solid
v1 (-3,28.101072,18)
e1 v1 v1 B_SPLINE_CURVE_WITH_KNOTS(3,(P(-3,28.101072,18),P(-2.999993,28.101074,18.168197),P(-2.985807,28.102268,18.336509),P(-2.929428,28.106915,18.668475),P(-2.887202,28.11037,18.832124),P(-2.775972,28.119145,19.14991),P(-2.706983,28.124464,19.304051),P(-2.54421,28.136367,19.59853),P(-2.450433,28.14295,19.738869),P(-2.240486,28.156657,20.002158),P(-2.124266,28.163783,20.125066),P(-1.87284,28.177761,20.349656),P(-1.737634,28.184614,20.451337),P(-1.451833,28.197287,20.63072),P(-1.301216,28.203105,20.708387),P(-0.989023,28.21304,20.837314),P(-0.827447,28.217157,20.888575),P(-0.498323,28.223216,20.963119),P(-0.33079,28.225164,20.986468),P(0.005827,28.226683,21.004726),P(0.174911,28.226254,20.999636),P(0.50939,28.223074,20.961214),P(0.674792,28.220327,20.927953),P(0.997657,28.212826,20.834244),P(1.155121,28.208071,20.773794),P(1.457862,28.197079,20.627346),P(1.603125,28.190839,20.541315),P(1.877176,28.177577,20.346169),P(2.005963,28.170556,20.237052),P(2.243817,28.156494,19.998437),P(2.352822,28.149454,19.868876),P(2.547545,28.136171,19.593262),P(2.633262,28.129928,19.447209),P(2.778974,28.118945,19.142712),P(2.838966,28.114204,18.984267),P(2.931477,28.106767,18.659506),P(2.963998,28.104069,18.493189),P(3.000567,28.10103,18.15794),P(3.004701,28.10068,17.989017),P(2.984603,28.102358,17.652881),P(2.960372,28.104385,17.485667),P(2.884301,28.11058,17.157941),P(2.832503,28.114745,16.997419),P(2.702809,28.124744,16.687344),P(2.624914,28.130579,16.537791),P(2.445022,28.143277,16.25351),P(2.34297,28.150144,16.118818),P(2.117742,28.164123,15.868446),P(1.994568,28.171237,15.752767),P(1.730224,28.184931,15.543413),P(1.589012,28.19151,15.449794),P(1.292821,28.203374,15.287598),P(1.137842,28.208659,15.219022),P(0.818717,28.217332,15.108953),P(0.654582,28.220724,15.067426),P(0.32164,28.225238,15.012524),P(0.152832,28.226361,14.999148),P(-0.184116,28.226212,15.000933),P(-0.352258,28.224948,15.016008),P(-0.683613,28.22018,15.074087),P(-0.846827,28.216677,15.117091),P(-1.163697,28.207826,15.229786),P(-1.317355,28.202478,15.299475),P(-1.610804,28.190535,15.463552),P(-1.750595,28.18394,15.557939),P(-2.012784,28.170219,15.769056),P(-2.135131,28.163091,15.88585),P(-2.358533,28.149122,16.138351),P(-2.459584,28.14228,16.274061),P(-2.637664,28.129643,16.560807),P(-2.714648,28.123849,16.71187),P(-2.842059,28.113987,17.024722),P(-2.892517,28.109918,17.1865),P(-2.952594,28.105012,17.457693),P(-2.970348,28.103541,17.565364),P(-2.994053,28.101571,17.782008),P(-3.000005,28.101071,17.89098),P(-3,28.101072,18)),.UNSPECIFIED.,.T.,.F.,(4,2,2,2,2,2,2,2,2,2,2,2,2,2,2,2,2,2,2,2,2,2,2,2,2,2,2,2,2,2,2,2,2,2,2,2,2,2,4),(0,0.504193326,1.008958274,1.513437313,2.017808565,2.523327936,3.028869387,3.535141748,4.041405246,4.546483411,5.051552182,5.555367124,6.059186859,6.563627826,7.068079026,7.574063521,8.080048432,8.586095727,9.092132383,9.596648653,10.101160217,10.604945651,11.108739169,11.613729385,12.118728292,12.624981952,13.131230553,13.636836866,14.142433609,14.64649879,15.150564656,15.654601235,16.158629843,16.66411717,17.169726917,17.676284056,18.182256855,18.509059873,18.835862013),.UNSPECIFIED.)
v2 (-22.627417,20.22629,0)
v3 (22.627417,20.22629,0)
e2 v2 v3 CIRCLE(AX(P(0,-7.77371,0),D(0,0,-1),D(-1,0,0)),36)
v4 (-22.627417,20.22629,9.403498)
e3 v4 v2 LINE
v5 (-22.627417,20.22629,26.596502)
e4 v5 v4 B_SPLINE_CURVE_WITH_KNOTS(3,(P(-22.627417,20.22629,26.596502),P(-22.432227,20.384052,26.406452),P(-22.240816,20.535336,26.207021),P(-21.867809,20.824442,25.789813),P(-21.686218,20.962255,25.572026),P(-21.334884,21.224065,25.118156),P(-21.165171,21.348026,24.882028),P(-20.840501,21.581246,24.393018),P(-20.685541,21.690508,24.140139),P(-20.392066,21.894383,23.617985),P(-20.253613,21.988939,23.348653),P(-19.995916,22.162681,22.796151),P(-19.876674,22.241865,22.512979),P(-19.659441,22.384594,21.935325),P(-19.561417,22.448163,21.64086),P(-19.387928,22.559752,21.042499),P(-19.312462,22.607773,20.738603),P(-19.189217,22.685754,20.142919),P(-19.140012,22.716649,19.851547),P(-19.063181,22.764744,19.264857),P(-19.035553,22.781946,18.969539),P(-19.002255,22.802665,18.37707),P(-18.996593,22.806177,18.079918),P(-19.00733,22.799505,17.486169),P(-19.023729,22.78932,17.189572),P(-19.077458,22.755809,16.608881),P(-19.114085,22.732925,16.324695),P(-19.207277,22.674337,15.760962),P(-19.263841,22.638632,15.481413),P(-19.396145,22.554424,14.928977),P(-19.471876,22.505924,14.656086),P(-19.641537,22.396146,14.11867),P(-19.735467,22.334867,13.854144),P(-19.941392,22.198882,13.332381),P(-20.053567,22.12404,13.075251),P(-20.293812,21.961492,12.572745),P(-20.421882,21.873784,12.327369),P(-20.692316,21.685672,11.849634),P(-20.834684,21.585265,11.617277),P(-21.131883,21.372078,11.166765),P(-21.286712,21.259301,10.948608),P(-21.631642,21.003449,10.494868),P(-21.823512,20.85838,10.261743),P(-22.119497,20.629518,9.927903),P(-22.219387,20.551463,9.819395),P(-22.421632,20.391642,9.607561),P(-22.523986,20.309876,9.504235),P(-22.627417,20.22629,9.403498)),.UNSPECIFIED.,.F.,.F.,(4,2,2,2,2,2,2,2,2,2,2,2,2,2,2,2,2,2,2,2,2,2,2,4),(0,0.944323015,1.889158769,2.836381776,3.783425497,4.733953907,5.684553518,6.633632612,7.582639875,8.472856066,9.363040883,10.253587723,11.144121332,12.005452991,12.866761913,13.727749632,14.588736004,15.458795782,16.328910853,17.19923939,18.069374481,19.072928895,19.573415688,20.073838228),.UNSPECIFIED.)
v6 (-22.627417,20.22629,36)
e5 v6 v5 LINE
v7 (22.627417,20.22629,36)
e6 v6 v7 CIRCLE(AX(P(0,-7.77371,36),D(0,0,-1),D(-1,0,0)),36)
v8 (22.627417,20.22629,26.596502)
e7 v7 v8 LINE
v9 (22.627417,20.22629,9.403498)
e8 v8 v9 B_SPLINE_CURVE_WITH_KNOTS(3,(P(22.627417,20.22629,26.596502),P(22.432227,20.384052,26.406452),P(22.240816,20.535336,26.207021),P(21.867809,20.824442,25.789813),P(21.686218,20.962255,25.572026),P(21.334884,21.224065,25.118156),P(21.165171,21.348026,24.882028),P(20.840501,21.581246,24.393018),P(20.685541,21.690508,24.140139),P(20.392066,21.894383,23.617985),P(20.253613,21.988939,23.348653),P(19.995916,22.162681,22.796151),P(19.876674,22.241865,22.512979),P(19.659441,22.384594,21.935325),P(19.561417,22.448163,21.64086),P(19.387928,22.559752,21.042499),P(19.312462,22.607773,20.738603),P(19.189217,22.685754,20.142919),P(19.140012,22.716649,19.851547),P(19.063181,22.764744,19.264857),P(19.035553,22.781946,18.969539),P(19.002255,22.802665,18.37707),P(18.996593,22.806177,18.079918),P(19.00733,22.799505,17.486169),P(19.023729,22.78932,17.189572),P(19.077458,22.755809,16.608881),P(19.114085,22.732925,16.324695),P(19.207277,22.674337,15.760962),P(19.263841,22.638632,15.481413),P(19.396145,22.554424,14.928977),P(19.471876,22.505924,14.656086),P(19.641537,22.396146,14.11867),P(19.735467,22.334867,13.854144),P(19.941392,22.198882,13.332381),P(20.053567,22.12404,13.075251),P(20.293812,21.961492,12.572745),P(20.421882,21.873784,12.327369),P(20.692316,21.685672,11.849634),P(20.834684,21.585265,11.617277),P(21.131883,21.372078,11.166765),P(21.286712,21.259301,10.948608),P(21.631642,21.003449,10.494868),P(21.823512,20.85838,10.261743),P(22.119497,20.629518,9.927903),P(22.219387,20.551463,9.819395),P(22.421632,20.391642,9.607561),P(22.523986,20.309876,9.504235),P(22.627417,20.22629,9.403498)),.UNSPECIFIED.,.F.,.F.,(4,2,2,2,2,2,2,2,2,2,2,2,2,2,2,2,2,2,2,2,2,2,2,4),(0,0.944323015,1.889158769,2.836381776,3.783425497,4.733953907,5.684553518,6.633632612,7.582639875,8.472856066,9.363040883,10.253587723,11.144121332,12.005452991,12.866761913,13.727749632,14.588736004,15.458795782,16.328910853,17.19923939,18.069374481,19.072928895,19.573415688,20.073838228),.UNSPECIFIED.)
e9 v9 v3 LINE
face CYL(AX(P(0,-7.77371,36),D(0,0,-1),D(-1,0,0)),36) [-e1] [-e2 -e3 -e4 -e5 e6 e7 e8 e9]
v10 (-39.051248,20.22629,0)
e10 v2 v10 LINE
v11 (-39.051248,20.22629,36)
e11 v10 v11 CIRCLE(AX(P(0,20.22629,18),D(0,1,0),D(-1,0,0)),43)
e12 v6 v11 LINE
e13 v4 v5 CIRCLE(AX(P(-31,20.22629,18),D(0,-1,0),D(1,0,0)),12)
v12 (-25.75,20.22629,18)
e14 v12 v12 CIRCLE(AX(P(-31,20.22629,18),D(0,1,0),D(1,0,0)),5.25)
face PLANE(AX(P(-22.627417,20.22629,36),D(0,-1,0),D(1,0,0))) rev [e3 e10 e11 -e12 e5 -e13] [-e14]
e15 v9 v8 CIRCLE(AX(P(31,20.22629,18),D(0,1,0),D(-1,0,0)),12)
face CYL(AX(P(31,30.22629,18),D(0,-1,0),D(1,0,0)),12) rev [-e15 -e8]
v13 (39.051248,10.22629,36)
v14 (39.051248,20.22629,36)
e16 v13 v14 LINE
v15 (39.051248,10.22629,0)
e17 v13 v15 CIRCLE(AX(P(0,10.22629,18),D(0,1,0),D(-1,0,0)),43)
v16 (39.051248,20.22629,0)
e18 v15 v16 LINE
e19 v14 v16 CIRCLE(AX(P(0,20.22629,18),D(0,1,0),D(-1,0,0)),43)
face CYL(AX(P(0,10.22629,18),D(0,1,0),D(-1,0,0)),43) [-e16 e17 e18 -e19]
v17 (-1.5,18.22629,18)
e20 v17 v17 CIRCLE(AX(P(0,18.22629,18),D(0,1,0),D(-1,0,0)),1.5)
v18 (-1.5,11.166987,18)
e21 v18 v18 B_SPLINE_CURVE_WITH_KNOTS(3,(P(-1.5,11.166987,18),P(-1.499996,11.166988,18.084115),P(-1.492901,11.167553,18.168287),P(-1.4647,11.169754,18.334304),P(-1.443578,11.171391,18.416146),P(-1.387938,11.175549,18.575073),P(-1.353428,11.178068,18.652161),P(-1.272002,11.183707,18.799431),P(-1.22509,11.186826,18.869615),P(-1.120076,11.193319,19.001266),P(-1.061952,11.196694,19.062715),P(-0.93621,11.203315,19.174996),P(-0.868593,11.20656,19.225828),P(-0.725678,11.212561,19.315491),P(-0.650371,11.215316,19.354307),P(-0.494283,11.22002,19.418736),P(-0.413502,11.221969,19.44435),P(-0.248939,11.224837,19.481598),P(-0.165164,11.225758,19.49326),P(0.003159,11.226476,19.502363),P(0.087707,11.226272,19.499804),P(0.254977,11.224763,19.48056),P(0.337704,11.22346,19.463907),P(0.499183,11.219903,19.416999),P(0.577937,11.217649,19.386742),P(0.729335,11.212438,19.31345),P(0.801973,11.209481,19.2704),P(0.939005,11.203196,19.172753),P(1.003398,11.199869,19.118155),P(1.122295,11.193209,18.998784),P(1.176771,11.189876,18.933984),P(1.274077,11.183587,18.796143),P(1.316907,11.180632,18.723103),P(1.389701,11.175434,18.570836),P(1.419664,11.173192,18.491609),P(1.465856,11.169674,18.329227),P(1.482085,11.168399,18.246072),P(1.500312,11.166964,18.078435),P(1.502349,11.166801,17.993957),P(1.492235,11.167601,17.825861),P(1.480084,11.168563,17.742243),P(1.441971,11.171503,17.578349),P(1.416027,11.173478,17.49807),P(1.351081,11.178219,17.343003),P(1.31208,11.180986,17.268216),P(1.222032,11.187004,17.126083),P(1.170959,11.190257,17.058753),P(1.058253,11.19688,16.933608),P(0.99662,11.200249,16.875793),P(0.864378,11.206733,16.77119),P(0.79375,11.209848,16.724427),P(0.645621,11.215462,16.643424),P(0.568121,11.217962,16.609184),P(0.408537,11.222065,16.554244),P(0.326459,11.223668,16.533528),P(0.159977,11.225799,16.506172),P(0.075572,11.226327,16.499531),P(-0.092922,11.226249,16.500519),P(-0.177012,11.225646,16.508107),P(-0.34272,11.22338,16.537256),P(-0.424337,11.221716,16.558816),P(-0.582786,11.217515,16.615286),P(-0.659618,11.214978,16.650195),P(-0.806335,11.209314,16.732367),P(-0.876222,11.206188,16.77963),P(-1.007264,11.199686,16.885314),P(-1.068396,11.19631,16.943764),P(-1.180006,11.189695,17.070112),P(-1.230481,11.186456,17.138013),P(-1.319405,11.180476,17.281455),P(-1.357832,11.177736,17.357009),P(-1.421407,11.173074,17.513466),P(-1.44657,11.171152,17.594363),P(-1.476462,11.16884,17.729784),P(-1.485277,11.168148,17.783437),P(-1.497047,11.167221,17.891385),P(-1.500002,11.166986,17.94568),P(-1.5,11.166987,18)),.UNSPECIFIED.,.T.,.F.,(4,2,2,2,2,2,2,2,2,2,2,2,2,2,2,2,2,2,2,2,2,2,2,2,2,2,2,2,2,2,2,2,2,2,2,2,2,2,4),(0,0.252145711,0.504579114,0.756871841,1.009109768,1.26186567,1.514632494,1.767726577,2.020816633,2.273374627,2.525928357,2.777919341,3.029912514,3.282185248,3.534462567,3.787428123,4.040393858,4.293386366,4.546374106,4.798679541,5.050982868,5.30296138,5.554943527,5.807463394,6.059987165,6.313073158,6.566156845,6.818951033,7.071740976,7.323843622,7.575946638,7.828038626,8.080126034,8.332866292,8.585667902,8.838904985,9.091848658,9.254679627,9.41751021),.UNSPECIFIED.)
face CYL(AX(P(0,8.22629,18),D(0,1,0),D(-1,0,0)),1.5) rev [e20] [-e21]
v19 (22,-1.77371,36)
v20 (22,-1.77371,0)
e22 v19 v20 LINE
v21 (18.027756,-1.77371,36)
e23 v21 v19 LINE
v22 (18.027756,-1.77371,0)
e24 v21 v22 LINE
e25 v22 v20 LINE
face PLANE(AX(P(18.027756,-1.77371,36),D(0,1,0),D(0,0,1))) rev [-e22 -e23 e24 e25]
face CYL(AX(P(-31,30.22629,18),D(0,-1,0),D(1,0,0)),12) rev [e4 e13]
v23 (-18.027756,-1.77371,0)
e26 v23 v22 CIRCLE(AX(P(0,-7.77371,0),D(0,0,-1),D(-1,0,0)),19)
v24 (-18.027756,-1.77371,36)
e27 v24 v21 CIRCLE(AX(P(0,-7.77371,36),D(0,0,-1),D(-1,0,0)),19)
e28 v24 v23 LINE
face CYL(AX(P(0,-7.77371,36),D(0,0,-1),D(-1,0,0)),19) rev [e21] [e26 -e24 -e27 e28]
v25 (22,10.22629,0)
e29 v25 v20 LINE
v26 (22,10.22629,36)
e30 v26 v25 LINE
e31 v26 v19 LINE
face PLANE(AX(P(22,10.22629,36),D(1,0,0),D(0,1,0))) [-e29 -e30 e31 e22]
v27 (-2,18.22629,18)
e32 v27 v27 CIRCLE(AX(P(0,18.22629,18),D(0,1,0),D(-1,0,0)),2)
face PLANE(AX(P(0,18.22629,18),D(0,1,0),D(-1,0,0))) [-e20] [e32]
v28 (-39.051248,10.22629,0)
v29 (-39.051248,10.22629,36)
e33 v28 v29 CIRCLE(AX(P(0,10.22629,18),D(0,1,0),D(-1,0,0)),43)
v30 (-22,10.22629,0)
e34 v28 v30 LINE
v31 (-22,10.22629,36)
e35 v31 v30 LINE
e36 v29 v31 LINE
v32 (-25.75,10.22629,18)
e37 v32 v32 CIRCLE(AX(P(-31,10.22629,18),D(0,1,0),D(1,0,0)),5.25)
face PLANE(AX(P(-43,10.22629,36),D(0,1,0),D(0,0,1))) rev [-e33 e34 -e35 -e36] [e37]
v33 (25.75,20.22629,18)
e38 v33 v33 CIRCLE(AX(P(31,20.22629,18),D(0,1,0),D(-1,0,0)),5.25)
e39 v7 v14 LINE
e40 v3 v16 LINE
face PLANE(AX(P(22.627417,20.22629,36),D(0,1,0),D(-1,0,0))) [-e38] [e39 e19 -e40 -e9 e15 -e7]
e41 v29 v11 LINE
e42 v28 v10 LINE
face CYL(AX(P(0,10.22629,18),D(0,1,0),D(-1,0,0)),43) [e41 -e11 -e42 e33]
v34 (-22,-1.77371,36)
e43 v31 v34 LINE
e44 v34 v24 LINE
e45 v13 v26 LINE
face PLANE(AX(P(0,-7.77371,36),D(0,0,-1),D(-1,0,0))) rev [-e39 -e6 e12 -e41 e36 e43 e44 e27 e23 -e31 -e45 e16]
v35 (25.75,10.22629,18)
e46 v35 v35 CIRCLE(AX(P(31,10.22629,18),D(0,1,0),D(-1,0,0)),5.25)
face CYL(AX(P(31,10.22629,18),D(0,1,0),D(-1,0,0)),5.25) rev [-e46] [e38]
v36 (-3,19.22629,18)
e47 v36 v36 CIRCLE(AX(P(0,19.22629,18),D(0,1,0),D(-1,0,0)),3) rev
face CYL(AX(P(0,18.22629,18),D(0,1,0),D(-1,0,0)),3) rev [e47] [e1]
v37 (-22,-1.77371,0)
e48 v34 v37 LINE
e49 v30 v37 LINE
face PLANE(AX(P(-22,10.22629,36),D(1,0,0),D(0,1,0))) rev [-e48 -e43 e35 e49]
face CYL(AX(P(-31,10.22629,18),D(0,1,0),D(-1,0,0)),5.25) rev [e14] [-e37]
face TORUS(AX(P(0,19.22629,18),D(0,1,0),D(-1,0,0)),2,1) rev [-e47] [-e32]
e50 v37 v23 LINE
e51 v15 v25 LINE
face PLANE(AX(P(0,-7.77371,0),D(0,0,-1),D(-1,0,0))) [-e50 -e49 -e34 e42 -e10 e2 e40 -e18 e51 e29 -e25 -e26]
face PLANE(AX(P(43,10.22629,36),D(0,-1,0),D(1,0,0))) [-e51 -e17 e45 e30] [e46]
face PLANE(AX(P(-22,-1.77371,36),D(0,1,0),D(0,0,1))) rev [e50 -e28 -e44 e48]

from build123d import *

# Parameters (mm, degrees)
BOSS_EXTRUDE1_DEPTH = 36
CUT_EXTRUDE1_DEPTH  = 10
CUT_EXTRUDE2_DEPTH  = 10
CUT_EXTRUDE8_DEPTH  = 10
SKETCH9_R           = 5.25
CUT_EXTRUDE9_DEPTH  = 10
CUT_EXTRUDE10_DEPTH = 10
SKETCH11_R          = 3
CUT_EXTRUDE11_DEPTH = 10
SKETCH13_R          = 1.5
CUT_EXTRUDE12_DEPTH = 10
FILLET2_R           = 1


with BuildPart() as part:
    # Sketch1 → Boss-Extrude1 (new body)
    with BuildSketch(Plane.XY):
        with BuildLine():
            Line((-22.627416998, 20.226289935), (-43, 20.226289935))
            Line((-43, 20.226289935), (-43, 10.226289935))
            Line((-43, 10.226289935), (-22, 10.226289935))
            Line((-22, 10.226289935), (-22, -1.773710065))
            Line((-22, -1.773710065), (-18.027756377, -1.773710065))
            ThreePointArc((-18.027756377, -1.773710065), (0, 11.226289935), (18.027756377, -1.773710065))
            Line((18.027756377, -1.773710065), (22, -1.773710065))
            Line((22, -1.773710065), (22, 10.226289935))
            Line((22, 10.226289935), (43, 10.226289935))
            Line((43, 10.226289935), (43, 20.226289935))
            Line((43, 20.226289935), (22.627416998, 20.226289935))
            ThreePointArc((22.627416998, 20.226289935), (0, 28.226289935), (-22.627416998, 20.226289935))
        make_face()
    extrude(amount=BOSS_EXTRUDE1_DEPTH)

    # Sketch3 → Cut-Extrude1 (cut)
    with BuildSketch(Plane(origin=(0, 20.226289935, 0), x_dir=(1, 0, 0), z_dir=(0, 1, 0))):
        with BuildLine():
            ThreePointArc((-43, -18), (-42.001212365, -8.785980256), (-39.05124838, 0))
            Line((-39.05124838, 0), (-43, 0))
            Line((-43, 0), (-43, -18))
        make_face()
    extrude(amount=-CUT_EXTRUDE1_DEPTH, mode=Mode.SUBTRACT)

    # Sketch4 → Cut-Extrude2 (cut)
    with BuildSketch(Plane(origin=(0, 20.226289935, 0), x_dir=(1, 0, 0), z_dir=(0, 1, 0))):
        with BuildLine():
            ThreePointArc((-39.05124838, -36), (-42.001212365, -27.214019744), (-43, -18))
            Line((-43, -18), (-43, -36))
            Line((-43, -36), (-39.05124838, -36))
        make_face()
    extrude(amount=-CUT_EXTRUDE2_DEPTH, mode=Mode.SUBTRACT)

    # Sketch5 → Cut-Extrude8 (cut)
    with BuildSketch(Plane(origin=(0, 20.226289935, 0), x_dir=(1, 0, 0), z_dir=(0, 1, 0))):
        with BuildLine():
            Line((43, -36), (43, -18))
            ThreePointArc((43, -18), (42.001212365, -27.214019744), (39.05124838, -36))
            Line((39.05124838, -36), (43, -36))
        make_face()
        with BuildLine():
            ThreePointArc((39.05124838, 0), (42.001212365, -8.785980256), (43, -18))
            Line((43, -18), (43, 0))
            Line((43, 0), (39.05124838, 0))
        make_face()
    extrude(amount=-CUT_EXTRUDE8_DEPTH, mode=Mode.SUBTRACT)

    # Sketch9 → Cut-Extrude9 (cut)
    with BuildSketch(Plane(origin=(0, 20.226289935, 0), x_dir=(1, 0, 0), z_dir=(0, 1, 0))):
        with Locations((31, -18)):
            Circle(SKETCH9_R)
        with Locations((-31, -18)):
            Circle(SKETCH9_R)
    extrude(amount=-CUT_EXTRUDE9_DEPTH, mode=Mode.SUBTRACT)

    # Sketch10 → Cut-Extrude10 (cut)
    with BuildSketch(Plane(origin=(0, 20.226289935, 0), x_dir=(1, 0, 0), z_dir=(0, 1, 0))):
        with BuildLine():
            Line((22.627416998, -9.403497579), (22.627416998, -26.596502421))
            ThreePointArc((22.627416998, -26.596502421), (19, -18), (22.627416998, -9.403497579))
        make_face()
        with BuildLine():
            Line((-22.627416998, -9.403497579), (-22.627416998, -26.596502421))
            ThreePointArc((-22.627416998, -26.596502421), (-19, -18), (-22.627416998, -9.403497579))
        make_face()
    extrude(amount=CUT_EXTRUDE10_DEPTH, mode=Mode.SUBTRACT)

    # Sketch11 → Cut-Extrude11 (cut)
    with BuildSketch(Plane(origin=(0, 28.226289935, 0), x_dir=(1, 0, 0), z_dir=(0, 1, 0))):
        with Locations((0, -18)):
            Circle(SKETCH11_R)
    extrude(amount=-CUT_EXTRUDE11_DEPTH, mode=Mode.SUBTRACT)

    # Sketch13 → Cut-Extrude12 (cut)
    with BuildSketch(Plane(origin=(0, 18.226289935, 0), x_dir=(1, 0, 0), z_dir=(0, 1, 0))):
        with Locations((0, -18)):
            Circle(SKETCH13_R)
    extrude(amount=-CUT_EXTRUDE12_DEPTH, mode=Mode.SUBTRACT)

    # Fillet2
    fillet2_edges = [part.edges().sort_by_distance(p)[0] for p in [
        (-3, 18.226289935, 18),
    ]]
    fillet(fillet2_edges, radius=FILLET2_R)


solid = part.part
